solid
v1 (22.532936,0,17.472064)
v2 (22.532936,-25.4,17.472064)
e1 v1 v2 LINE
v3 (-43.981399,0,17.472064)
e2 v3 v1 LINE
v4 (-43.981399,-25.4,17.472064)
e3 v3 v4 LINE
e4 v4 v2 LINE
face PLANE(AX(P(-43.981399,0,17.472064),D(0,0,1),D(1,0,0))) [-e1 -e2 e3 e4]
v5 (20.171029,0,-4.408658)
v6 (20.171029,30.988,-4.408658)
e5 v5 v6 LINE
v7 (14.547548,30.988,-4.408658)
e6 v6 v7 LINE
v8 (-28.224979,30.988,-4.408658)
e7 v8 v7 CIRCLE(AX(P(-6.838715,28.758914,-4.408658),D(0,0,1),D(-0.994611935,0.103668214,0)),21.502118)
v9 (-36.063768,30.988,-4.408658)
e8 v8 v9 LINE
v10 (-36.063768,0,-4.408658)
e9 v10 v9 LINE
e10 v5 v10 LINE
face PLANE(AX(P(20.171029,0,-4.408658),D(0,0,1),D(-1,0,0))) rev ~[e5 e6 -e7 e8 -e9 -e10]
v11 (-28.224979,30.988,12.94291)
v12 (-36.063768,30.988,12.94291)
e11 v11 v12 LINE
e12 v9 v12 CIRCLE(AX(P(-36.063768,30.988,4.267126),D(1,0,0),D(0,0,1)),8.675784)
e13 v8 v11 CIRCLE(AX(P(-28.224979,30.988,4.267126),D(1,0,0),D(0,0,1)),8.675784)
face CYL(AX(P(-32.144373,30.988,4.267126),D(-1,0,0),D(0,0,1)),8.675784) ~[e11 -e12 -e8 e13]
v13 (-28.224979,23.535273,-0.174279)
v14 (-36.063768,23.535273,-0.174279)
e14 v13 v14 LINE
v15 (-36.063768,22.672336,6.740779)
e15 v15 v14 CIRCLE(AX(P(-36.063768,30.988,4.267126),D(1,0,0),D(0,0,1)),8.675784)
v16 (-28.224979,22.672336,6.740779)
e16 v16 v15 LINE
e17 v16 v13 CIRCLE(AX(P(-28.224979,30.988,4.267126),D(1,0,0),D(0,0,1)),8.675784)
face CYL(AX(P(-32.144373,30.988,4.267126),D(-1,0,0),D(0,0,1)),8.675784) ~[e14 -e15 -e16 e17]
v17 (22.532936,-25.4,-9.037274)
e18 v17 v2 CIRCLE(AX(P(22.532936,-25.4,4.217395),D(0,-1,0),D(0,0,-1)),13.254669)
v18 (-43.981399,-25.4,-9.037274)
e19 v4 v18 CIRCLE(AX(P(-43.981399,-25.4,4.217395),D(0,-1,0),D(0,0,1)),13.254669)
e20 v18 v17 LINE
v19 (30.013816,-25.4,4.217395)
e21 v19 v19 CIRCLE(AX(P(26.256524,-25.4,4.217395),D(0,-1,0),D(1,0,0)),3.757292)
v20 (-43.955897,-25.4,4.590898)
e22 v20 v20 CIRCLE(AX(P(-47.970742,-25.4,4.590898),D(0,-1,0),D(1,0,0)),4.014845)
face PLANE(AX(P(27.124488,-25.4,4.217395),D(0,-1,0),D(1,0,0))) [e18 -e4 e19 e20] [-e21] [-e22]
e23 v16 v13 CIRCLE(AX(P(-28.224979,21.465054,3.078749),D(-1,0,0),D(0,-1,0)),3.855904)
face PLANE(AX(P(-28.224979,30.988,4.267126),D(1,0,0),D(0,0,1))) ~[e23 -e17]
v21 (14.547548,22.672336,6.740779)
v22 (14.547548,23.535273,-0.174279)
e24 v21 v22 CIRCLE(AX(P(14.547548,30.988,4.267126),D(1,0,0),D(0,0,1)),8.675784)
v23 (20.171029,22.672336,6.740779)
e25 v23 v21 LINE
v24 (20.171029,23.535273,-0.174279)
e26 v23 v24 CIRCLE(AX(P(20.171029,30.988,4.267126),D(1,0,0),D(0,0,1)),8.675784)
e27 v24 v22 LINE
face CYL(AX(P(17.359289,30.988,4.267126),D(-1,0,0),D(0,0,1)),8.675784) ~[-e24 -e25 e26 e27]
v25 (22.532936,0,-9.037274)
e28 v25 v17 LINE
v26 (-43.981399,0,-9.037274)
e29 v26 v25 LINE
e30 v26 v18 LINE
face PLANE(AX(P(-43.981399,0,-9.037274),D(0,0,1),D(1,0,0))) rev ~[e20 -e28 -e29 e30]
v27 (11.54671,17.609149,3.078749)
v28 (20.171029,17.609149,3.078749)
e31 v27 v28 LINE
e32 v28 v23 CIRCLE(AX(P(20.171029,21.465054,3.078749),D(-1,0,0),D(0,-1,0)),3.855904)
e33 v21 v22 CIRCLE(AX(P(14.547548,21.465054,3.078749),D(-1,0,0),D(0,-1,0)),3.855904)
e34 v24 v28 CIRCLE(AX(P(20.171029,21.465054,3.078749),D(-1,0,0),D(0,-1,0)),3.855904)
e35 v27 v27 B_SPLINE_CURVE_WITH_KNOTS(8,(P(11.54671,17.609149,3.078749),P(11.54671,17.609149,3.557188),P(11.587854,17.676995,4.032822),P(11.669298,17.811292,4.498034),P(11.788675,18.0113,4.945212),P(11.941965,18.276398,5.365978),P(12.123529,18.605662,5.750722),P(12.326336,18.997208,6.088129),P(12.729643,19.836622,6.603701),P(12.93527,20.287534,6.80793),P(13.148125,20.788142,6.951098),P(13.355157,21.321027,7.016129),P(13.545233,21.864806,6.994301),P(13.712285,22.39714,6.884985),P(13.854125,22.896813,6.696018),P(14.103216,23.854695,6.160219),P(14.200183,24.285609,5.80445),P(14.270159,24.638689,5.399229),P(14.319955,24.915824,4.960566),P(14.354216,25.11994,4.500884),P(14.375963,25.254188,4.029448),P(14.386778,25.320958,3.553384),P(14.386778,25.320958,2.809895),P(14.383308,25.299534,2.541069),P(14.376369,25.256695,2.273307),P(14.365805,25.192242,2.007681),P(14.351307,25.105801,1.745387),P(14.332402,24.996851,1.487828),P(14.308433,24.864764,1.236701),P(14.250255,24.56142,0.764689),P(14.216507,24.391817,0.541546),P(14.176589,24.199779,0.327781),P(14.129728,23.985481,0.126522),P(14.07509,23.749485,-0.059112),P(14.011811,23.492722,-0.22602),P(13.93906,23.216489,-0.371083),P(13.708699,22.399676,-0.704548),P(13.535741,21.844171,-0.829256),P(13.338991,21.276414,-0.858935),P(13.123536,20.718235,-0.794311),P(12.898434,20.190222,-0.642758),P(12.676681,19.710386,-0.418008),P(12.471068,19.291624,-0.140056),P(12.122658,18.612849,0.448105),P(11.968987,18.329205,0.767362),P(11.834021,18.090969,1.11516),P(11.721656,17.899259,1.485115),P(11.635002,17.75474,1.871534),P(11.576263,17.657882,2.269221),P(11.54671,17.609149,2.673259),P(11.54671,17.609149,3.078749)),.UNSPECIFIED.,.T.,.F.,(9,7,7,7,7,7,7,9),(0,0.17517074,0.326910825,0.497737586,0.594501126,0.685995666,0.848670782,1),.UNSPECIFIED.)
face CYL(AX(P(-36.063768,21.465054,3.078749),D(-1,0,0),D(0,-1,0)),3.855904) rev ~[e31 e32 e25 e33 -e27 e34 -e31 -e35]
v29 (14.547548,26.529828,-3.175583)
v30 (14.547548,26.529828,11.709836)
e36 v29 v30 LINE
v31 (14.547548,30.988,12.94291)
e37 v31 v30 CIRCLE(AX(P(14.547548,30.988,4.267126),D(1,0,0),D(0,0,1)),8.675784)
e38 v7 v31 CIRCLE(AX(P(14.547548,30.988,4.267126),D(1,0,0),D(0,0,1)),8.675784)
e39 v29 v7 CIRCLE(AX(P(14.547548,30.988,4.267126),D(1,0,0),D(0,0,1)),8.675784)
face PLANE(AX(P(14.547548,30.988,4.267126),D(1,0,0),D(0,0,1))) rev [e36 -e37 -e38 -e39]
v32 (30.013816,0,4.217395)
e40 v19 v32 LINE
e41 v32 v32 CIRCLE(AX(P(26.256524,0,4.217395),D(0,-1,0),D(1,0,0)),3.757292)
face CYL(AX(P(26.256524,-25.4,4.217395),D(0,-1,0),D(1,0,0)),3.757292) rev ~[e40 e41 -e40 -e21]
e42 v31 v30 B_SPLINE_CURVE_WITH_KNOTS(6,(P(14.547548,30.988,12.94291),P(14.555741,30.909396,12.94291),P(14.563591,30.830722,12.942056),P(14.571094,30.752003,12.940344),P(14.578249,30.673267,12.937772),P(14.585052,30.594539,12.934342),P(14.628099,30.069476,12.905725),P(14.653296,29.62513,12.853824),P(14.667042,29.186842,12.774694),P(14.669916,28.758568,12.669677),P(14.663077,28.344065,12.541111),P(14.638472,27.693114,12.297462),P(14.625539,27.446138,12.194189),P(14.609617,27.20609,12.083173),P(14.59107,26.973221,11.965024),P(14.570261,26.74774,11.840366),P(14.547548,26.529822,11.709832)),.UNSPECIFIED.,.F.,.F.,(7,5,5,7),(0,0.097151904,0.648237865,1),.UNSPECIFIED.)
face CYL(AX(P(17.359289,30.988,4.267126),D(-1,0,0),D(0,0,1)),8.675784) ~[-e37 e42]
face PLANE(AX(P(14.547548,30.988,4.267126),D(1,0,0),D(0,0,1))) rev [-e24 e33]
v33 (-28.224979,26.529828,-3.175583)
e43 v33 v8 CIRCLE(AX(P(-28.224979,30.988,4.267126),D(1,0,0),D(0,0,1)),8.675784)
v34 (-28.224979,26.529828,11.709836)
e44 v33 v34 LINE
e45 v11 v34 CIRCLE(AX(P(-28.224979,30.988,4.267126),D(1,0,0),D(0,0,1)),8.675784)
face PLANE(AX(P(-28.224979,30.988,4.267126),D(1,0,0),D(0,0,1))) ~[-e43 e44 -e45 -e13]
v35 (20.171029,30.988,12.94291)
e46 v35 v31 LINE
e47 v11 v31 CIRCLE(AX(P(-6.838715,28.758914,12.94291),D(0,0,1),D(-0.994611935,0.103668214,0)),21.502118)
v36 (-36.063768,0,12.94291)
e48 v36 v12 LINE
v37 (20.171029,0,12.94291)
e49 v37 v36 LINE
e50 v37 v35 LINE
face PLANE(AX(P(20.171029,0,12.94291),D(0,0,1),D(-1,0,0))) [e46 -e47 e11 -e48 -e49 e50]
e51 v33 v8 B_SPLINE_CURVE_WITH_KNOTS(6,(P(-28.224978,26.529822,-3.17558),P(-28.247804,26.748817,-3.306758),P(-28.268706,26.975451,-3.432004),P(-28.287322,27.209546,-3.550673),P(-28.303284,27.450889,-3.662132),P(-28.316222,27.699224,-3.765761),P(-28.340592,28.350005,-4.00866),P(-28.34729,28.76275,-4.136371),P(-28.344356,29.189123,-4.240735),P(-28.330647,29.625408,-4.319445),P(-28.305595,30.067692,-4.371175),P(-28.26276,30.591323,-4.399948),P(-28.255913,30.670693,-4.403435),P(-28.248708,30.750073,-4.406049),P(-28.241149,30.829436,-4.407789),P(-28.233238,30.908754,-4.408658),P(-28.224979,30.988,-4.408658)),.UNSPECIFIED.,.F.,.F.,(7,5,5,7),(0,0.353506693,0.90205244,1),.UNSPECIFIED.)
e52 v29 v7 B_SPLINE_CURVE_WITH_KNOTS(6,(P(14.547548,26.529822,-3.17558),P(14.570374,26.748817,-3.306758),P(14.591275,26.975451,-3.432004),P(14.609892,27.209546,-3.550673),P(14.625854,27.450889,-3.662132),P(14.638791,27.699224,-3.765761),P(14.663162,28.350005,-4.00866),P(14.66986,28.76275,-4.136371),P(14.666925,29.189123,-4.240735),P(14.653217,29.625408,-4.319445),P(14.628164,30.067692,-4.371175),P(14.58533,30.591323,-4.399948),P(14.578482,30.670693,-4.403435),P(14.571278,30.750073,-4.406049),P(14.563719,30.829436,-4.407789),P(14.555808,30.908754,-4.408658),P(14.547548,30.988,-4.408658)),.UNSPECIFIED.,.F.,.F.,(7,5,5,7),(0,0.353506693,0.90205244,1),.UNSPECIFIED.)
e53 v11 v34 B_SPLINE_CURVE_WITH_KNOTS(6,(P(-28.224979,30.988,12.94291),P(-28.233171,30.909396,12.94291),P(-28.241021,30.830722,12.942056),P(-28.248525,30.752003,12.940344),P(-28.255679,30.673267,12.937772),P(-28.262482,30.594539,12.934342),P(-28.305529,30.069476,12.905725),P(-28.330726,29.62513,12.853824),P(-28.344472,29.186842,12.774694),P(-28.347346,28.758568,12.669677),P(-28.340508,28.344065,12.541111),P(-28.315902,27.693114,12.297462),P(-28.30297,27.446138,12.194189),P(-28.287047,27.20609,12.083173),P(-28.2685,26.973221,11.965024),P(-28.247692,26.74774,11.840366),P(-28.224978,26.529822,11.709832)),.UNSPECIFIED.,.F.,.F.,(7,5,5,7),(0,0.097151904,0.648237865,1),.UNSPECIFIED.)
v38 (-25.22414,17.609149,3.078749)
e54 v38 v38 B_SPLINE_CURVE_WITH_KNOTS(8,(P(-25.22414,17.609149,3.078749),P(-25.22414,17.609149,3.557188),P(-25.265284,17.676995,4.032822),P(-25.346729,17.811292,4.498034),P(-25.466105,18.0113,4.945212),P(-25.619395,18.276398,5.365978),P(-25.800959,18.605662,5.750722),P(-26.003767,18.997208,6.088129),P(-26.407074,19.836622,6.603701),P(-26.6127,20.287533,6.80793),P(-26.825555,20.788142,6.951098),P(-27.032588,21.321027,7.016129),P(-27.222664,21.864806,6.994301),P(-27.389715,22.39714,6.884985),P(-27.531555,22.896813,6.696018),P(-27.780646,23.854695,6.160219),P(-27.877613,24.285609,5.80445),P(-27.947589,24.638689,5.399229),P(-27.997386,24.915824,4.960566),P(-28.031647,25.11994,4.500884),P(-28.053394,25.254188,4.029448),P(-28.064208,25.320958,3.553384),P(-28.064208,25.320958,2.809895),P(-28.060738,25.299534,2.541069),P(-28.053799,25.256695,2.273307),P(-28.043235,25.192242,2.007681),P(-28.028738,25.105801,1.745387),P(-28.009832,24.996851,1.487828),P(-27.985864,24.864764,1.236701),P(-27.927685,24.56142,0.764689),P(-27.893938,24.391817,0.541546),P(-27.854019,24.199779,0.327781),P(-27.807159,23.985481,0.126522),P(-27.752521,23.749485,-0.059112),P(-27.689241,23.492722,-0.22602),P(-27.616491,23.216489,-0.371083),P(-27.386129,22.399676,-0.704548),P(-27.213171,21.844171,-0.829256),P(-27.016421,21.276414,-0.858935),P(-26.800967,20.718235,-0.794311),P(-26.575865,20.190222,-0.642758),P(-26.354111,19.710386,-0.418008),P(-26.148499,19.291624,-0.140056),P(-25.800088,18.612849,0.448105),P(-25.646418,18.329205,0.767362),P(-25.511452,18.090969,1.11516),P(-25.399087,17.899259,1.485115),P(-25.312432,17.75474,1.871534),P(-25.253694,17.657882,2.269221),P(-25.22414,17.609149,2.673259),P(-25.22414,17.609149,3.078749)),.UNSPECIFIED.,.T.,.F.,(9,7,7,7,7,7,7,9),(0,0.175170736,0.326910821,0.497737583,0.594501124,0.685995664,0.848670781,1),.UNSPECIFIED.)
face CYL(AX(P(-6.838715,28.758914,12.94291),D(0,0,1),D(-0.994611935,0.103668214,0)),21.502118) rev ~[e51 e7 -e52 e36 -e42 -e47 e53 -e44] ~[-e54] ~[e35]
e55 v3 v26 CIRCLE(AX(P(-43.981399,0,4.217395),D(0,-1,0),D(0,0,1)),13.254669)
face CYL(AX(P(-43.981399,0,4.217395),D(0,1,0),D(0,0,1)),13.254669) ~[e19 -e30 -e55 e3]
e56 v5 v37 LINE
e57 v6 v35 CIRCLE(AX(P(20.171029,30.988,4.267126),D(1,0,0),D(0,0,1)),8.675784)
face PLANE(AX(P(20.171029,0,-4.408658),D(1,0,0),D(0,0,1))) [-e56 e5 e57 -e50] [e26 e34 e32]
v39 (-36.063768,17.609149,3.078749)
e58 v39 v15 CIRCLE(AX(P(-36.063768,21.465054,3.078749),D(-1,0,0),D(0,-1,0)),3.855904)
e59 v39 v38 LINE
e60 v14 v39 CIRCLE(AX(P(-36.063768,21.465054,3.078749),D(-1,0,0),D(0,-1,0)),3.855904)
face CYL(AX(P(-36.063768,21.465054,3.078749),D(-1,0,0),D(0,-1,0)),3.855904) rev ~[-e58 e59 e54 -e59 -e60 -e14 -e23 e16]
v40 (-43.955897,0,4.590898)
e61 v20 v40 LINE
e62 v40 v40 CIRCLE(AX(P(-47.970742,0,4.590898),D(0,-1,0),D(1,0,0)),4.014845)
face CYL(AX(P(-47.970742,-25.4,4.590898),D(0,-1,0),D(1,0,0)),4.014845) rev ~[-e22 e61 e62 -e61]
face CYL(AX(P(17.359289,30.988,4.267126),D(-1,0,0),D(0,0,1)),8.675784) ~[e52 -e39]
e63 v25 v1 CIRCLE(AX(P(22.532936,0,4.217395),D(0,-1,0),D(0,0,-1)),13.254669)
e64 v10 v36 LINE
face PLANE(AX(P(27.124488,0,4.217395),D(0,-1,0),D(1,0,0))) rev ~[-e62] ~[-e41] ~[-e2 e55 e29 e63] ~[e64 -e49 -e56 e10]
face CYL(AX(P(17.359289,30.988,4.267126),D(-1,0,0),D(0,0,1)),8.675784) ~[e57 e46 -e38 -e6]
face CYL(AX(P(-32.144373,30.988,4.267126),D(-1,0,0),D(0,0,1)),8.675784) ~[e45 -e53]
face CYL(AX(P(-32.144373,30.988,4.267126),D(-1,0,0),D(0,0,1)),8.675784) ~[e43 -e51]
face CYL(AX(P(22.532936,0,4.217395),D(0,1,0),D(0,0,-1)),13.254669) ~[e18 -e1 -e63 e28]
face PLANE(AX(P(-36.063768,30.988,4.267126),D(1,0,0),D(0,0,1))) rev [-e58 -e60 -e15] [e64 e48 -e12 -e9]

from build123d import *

# Parameters (mm, degrees)
F0_W     = 66.5143355727
F0_H     = 26.5093380585
F1_DEPTH = 25.4
F2_R     = 4.014844692
F2_R_2   = 3.7572922796
F3_DEPTH = 25.4
F4_W     = 56.2347974628
F4_H     = 17.3515677452
F5_DEPTH = 30.988
F7_DEPTH = 32.512
F8_R     = 3.8559043701
F9_DEPTH = 79.502
F10_W    = 7.8387893736
F10_H    = 8.6757838726
F11_W    = 5.6234812364
F11_H    = 8.6757838726


with BuildPart() as f1:
    # F0 (on Front) → F1 (new body)
    with BuildSketch(Plane.XZ):
        with BuildLine():
            ThreePointArc((22.5329361856, -9.037273936), (35.7876052149, 4.2173950933), (22.5329361856, 17.4720641226))
            Line((22.5329361856, 17.4720641226), (22.5329361856, -9.037273936))
        make_face()
        with BuildLine():
            Line((-43.9813993871, -9.037273936), (-43.9813993871, 17.4720641226))
            ThreePointArc((-43.9813993871, 17.4720641226), (-57.2360684164, 4.2173950933), (-43.9813993871, -9.037273936))
        make_face()
        with Locations((-10.7242316008, 4.2173950933)):
            Rectangle(F0_W, F0_H)
    extrude(amount=F1_DEPTH)

    # F2 (on face) → F3 (cut)
    with BuildSketch(Plane.XZ.offset(25.4)):
        with Locations((-47.9707419872, 4.5908982866)):
            Circle(F2_R)
        with Locations((26.2565240264, 4.2173950933)):
            Circle(F2_R_2)
    extrude(amount=-F3_DEPTH, mode=Mode.SUBTRACT)

    # F4 (on face) → F5 (join)
    with BuildSketch(Plane(origin=(0, 0, 0), x_dir=(-1, 0, 0), z_dir=(0, 1, 0))):
        with Locations((7.9463692382, 4.2671263218)):
            Rectangle(F4_W, F4_H)
    extrude(amount=F5_DEPTH)

    # F6 (on face) → F7 (cut)
    with BuildSketch(Plane.XY.offset(12.9429101944)):
        with BuildLine():
            Line((14.5475482568, 30.988), (-28.224978596, 30.988))
            ThreePointArc((-28.224978596, 30.988), (-6.8387151696, 7.2567955588), (14.5475482568, 30.988))
        make_face()
    extrude(amount=-F7_DEPTH, mode=Mode.SUBTRACT)

    # F8 (on face) → F9 (cut)
    with BuildSketch(Plane(origin=(-36.0637679696, 0, 0), x_dir=(0, -1, 0), z_dir=(-1, 0, 0))):
        with Locations((-21.4650537819, 3.0787487049)):
            Circle(F8_R)
    extrude(amount=-F9_DEPTH, mode=Mode.SUBTRACT)

    # F10 (on face) → F12 (revolve)
    with BuildSketch(Plane(origin=(0, 30.988, 0), x_dir=(-1, 0, 0), z_dir=(0, 1, 0))):
        with Locations((32.1443732828, 8.6050182581)):
            Rectangle(F10_W, F10_H)
    revolve(axis=Axis((-32.1443732828, 30.988, 4.2671263218), (1, 0, 0)))

    # F11 (on face) → F13 (revolve)
    with BuildSketch(Plane(origin=(0, 30.988, 0), x_dir=(-1, 0, 0), z_dir=(0, 1, 0))):
        with Locations((-17.359288875, 8.6050182581)):
            Rectangle(F11_W, F11_H)
    revolve(axis=Axis((17.359288875, 30.988, 4.2671263218), (1, 0, 0)))


solid = f1.part
